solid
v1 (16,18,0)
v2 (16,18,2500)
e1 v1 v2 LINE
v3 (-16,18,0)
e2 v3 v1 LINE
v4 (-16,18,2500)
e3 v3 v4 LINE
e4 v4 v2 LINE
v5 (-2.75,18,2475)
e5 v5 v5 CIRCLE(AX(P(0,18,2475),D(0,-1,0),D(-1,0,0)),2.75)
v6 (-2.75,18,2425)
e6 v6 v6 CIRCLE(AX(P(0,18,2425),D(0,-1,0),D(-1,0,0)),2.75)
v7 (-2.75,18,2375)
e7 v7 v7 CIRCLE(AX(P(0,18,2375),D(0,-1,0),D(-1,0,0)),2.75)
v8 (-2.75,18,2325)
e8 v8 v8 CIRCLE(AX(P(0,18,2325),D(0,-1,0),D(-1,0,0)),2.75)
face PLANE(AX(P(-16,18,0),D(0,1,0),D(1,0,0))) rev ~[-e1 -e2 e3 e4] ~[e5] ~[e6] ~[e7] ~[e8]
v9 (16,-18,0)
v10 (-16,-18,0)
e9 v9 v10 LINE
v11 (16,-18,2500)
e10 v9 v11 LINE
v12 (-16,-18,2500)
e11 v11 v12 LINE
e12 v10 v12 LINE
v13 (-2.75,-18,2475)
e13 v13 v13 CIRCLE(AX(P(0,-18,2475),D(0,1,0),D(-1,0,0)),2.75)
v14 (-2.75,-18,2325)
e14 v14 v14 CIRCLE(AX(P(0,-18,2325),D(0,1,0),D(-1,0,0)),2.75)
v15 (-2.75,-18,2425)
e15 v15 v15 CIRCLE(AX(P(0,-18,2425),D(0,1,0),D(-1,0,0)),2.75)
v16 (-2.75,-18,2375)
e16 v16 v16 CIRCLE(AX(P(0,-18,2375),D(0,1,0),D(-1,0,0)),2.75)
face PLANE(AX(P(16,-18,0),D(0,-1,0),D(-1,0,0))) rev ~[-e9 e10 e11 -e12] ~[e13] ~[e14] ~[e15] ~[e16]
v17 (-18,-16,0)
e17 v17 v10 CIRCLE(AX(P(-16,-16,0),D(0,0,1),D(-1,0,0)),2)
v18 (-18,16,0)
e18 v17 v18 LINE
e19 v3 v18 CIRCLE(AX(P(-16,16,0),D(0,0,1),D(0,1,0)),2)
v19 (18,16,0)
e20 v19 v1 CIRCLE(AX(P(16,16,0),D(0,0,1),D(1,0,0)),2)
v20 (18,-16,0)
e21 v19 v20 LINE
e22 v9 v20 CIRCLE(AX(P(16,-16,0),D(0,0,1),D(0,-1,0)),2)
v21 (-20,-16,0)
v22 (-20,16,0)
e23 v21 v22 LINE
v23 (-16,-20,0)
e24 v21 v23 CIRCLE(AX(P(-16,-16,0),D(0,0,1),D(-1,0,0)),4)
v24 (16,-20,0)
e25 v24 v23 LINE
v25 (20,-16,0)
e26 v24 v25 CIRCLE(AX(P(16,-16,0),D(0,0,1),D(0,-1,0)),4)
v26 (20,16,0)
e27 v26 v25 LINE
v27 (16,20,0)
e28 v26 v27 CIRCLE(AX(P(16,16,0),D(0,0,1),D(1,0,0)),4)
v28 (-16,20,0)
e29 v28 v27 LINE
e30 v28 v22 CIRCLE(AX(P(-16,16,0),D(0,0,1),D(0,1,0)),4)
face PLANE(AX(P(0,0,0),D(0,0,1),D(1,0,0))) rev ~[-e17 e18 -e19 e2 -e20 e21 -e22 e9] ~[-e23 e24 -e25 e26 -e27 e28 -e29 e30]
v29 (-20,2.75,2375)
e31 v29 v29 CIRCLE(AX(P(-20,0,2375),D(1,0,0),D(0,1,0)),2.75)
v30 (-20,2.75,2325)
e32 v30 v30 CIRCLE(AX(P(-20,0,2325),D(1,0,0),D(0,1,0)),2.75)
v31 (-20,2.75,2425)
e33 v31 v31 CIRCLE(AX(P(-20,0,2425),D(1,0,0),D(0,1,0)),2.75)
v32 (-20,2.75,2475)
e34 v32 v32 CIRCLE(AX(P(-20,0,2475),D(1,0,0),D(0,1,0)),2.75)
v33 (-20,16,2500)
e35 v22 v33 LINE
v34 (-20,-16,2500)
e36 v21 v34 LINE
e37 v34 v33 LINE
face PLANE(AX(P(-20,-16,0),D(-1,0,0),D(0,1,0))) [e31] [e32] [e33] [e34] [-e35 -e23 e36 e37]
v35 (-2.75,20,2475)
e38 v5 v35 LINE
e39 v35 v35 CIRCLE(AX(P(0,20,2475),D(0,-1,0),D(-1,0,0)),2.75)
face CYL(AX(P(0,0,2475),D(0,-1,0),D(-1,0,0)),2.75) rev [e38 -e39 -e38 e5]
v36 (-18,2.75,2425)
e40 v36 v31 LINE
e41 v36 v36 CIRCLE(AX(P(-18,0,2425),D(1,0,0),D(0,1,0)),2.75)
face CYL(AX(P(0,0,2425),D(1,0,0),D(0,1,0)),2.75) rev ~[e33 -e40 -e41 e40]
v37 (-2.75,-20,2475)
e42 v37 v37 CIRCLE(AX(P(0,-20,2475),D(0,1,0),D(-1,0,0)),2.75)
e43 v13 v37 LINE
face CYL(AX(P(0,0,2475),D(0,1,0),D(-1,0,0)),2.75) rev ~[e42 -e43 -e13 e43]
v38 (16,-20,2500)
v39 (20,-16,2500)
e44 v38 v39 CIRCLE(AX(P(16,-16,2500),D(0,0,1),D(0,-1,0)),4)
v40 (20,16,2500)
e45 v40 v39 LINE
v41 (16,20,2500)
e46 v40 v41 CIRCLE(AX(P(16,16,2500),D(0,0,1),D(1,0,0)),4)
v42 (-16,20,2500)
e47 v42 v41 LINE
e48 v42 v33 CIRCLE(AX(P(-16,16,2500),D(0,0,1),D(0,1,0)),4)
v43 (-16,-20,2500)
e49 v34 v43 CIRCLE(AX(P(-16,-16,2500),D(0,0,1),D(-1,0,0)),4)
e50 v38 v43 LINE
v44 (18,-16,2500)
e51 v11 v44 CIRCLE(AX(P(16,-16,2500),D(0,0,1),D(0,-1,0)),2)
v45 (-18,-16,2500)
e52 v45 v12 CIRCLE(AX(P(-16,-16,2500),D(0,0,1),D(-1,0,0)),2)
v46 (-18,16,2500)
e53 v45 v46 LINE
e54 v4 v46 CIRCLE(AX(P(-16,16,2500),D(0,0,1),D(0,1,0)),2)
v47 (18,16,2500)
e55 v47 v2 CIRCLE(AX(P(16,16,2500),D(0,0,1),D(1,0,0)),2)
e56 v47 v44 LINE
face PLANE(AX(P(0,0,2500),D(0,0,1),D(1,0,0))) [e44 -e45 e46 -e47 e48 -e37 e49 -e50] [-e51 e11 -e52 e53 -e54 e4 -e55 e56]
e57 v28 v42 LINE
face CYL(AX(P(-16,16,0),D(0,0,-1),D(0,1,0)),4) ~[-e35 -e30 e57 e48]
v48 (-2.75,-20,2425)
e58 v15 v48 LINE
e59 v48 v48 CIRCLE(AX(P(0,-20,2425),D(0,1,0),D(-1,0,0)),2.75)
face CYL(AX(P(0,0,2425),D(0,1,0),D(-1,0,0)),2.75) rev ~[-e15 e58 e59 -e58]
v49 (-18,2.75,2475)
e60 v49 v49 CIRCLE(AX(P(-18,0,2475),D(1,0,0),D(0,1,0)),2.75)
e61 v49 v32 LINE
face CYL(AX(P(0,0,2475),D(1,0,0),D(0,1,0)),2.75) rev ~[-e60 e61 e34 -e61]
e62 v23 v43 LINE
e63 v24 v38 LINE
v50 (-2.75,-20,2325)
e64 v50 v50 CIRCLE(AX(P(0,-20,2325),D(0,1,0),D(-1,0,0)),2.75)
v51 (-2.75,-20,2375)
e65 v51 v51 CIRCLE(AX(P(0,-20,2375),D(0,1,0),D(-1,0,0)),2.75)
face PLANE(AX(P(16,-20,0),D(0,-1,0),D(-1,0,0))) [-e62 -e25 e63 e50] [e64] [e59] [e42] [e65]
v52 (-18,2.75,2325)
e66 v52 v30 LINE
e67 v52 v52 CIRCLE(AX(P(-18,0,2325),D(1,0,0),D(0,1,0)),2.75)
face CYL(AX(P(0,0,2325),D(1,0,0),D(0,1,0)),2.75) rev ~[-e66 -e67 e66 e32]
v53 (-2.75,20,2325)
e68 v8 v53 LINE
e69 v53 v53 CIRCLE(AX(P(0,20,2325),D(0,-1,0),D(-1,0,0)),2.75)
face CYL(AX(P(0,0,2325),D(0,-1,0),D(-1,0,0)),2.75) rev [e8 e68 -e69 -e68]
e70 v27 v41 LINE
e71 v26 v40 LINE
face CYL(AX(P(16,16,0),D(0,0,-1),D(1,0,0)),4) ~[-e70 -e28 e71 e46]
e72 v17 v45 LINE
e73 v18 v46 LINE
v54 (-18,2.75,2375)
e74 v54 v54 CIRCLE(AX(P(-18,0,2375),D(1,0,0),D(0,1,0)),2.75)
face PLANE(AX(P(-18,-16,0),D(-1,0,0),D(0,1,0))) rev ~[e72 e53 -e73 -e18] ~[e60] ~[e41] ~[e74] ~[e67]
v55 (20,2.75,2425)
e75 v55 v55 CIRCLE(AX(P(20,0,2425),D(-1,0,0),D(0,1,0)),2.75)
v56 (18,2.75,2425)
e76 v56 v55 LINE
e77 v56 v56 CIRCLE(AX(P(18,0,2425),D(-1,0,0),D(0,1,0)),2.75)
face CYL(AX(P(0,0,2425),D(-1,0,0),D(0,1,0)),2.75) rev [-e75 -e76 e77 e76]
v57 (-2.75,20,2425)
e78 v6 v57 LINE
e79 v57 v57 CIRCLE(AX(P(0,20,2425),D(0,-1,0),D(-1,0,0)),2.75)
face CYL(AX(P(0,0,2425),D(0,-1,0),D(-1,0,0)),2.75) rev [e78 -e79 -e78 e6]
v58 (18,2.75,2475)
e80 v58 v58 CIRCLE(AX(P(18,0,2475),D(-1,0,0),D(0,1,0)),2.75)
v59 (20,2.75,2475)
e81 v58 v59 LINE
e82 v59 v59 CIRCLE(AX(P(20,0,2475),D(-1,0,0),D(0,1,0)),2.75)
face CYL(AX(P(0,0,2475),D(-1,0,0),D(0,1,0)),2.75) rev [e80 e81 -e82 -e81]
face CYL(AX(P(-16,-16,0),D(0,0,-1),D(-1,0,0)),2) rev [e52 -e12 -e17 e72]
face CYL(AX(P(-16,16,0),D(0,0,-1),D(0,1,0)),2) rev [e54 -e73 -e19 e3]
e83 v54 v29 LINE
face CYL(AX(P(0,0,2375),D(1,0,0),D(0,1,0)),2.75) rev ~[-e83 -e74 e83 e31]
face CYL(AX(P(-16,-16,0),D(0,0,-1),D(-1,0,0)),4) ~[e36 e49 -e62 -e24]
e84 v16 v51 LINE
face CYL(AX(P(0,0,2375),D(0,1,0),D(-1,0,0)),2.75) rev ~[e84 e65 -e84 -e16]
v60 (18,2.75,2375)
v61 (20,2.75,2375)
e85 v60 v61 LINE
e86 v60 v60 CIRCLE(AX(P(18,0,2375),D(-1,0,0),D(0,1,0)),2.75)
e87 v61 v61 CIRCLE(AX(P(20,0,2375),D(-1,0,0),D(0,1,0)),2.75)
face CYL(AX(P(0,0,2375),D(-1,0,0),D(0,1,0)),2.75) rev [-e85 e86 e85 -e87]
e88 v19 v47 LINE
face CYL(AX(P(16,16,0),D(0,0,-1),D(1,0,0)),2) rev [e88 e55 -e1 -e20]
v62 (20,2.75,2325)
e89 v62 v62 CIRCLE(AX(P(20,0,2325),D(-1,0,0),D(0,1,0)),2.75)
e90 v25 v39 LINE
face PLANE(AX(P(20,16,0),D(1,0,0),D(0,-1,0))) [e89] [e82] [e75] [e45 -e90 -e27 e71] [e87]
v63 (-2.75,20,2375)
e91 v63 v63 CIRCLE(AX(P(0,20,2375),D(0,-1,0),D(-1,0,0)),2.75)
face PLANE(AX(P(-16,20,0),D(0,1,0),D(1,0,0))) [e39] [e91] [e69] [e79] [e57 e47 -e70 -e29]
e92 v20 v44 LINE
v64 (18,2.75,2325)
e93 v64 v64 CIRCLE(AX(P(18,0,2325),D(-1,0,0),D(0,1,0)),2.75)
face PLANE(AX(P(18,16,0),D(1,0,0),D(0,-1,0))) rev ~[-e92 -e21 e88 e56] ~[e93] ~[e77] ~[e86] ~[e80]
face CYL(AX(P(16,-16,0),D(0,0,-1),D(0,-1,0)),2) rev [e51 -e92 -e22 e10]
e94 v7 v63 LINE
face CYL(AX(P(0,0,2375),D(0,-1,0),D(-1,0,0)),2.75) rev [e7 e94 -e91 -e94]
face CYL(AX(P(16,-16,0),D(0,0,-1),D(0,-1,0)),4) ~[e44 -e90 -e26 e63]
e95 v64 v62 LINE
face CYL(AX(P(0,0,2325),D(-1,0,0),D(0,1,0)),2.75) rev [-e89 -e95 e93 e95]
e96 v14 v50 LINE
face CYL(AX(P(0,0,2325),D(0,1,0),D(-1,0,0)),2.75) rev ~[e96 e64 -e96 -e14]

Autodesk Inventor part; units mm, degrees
ref_plane "YZ Plane" through (0, 0, 0) normal (1, 0, 0) x (0, 1, 0)
ref_plane "Start Plane" through (0, 0, 0) normal (0, 0, 1) x (1, 0, 0)
ref_plane "End Plane" through (0, 0, 2500) normal (0, 0, 1) x (1, 0, 0)
sketch "Sketch" plane through (0, 0, 0) normal (0, 0, 1) x (1, 0, 0)
  line L0 (-20, -16) -> (-20, 16)
  line L1 (-16, 20) -> (16, 20)
  line L2 (20, 16) -> (20, -16)
  line L3 (16, -20) -> (-16, -20)
  arc A0 (-20, -16) -> (-16, -20) centre (-16, -16) ccw
  arc A1 (20, 16) -> (16, 20) centre (16, 16) ccw
  arc A2 (-16, 20) -> (-20, 16) centre (-16, 16) ccw
  arc A3 (16, -20) -> (20, -16) centre (16, -16) ccw
  arc A4 (-16, 18) -> (-18, 16) centre (-16, 16) ccw
  line L4 (-16, 18) -> (16, 18)
  arc A5 (18, 16) -> (16, 18) centre (16, 16) ccw
  line L5 (18, 16) -> (18, -16)
  arc A6 (16, -18) -> (18, -16) centre (16, -16) ccw
  line L6 (16, -18) -> (-16, -18)
  arc A7 (-18, -16) -> (-16, -18) centre (-16, -16) ccw
  line L7 (-18, -16) -> (-18, 16)
  line L8 (0, 29.1598) -> (0, -29.1598) construction
  line L9 (-29.1598, 0) -> (29.1598, 0) construction
  dimension "d7" = 4
  dimension "d9" = 40
  dimension "d11" = 40
  dimension "d12" = 2
  dimension "d15" = 20
  dimension "d16" = 20
extrude "Body" add sketch "Sketch" along normal up to surface (2500 mm away) from surface at 0
sketch "Sketch3" plane through (0, 0, 0) normal (0, 0, 1) x (1, 0, 0)
  line L0 (0, 0) -> (10, 0)
ref_plane "Work Plane3" through (0, 0, 0) normal (0, -1, 0) x (1, 0, 0)
sketch "Sketch5" plane through (0, 0, 0) normal (1, 0, 0) x (0, 1, 0)
  circle A0 centre (0, 2325) radius 2.75
  circle A1 centre (0, 2375) radius 2.75
  circle A2 centre (0, 2475) radius 2.75
  circle A3 centre (0, 2425) radius 2.75
  line L0 (16, 2500) -> (-16, 2500) projected
  point P0 (0, 0)
  point P1 (0, 2500)
  dimension "d19" = 5.5
  dimension "d21" = 50
  dimension "d22" = 50
  dimension "d23" = 50
  dimension "d25" = 25
extrude "Extrusion2" cut sketch "Sketch5" along normal through all both and the other way through all
pattern_circular "Circular Pattern1" count 2 over 90 about axis through (0, 0, -10) along (0, 0, 1) of "Extrusion2"
sketch "Sketch4" plane through (0, 0, 0) normal (0, -1, 0) x (1, 0, 0)
  line L0 (-2, 0) -> (12, 0) projected
  line L1 (-2, 2500) -> (12, 2500) projected
  dimension "d18" = 2500
equation "\"d7\" = G_IR"
equation "\"d9\" = G_W"
equation "\"d11\" = G_H"
equation "\"d12\" = G_T"
equation "\"d15\" = 0.5 * d9"
equation "\"d16\" = 0.5 * d11"
equation "\"d3\" = G_L"
equation "\"d22\" = d21"
equation "\"d23\" = d21"
equation "\"d25\" = 0.5 * d21"
equation "\"G_W\" = 40"
equation "\"G_H\" = 40"
equation "\"G_T\" = 2"
equation "\"G_IR\" = 4"
equation "\"G_L\" = d18"
equation "\"G_OFFSET_START\" = 0"
equation "\"G_OFFSET_END\" = 0"
properties part number "ISO 10799-2 - 40x40x2 - 2500" material "Stainless Steel"
